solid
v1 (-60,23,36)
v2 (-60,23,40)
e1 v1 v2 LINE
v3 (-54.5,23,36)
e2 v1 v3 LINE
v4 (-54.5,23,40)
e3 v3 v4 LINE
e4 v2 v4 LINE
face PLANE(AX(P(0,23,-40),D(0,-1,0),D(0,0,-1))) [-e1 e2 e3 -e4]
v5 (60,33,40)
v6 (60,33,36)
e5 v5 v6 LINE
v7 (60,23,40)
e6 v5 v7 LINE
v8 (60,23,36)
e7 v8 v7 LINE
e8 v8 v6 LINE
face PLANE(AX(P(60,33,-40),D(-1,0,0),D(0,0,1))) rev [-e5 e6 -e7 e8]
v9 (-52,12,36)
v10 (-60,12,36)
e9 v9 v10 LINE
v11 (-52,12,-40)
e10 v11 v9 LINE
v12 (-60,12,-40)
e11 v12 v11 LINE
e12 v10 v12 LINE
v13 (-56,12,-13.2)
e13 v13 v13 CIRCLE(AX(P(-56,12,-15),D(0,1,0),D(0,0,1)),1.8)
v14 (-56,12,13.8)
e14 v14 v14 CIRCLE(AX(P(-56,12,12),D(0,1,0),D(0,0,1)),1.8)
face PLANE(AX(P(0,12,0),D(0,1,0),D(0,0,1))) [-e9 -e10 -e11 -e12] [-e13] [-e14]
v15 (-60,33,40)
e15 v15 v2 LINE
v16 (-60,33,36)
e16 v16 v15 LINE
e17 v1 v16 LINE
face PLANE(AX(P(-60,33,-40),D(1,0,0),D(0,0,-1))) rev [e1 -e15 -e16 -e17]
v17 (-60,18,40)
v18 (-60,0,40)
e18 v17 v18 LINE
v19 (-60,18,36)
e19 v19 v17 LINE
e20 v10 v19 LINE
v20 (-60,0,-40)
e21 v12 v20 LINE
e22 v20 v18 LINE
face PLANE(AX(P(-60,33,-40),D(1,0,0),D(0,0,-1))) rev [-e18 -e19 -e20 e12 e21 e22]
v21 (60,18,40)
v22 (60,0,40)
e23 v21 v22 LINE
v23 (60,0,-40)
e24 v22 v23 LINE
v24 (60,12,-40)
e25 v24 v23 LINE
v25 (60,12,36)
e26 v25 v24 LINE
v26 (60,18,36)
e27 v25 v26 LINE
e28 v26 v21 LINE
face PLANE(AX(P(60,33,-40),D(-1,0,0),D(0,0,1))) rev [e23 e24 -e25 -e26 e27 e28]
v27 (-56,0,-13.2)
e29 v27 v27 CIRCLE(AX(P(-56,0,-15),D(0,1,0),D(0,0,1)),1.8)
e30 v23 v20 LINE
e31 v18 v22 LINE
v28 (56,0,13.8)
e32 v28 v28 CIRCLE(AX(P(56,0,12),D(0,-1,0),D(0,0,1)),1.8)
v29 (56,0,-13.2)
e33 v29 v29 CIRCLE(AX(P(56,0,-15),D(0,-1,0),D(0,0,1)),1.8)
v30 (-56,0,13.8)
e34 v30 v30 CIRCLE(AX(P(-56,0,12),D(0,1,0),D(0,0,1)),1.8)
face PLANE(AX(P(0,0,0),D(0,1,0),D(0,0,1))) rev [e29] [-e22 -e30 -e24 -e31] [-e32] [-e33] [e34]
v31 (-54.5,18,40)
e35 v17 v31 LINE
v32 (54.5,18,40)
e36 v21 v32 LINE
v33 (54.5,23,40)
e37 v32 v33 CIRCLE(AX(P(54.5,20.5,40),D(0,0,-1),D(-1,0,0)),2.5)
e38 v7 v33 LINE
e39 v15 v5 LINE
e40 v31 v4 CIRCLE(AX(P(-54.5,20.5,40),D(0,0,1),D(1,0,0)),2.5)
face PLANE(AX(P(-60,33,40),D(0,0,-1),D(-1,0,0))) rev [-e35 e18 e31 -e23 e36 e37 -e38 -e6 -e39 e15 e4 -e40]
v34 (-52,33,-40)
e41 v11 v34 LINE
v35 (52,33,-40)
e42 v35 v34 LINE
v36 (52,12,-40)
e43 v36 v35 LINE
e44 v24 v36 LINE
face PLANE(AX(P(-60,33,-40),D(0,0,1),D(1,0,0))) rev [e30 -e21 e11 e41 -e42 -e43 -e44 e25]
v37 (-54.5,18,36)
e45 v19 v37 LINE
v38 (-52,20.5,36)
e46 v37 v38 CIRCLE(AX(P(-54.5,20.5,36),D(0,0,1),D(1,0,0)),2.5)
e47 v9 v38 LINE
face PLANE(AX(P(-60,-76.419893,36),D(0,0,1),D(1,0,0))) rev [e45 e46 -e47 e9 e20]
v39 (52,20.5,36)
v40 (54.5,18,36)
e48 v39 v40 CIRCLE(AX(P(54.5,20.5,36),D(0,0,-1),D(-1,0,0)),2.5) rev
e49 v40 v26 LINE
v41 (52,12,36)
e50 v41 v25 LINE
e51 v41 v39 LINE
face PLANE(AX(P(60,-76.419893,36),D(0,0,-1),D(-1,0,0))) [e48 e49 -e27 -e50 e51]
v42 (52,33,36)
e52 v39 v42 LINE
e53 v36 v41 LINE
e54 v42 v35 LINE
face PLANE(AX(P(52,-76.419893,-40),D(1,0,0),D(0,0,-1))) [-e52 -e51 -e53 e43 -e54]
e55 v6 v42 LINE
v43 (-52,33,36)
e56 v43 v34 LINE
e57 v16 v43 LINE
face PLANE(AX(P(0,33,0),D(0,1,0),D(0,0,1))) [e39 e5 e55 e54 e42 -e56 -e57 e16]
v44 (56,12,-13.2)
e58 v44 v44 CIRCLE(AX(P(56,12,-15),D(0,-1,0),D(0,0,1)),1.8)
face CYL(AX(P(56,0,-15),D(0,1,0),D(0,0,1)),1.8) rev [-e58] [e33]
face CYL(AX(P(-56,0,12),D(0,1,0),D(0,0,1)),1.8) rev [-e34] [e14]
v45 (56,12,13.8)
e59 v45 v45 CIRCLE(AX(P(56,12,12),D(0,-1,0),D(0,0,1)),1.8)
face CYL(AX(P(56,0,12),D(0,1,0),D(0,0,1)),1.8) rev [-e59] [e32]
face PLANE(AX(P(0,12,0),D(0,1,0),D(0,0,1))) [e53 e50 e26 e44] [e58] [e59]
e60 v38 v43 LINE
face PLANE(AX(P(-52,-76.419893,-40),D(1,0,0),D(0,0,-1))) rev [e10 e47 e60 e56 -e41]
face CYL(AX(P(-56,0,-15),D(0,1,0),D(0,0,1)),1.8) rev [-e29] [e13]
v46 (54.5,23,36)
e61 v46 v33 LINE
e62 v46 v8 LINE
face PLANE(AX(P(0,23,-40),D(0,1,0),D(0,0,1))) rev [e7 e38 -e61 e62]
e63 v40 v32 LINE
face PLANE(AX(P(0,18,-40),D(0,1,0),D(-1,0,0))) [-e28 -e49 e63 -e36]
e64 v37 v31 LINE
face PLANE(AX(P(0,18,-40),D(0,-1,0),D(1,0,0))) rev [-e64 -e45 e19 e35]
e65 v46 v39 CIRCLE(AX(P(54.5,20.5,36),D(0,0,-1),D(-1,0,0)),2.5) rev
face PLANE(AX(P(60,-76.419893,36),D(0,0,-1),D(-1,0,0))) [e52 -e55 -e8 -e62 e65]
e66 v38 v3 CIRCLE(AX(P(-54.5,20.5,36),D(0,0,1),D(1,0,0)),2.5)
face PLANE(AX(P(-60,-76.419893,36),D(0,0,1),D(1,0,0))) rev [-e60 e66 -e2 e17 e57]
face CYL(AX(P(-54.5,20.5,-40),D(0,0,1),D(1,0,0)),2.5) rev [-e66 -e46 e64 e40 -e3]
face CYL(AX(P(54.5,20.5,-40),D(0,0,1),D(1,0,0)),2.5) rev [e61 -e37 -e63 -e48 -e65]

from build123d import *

# Parameters (mm, degrees)
SKETCH1_W           = 120
SKETCH1_H           = 80
BOSS_EXTRUDE1_DEPTH = 33
SKETCH2_W           = 8
SKETCH2_H           = 76
CUT_EXTRUDE1_DEPTH  = 21
SKETCH3_R           = 1.8
CUT_EXTRUDE2_DEPTH  = 76.106590923
SKETCH4_R           = 2.5
CUT_EXTRUDE3_DEPTH  = 106.304320899


with BuildPart() as part:
    # Sketch1 → Boss-Extrude1 (new body)
    with BuildSketch(Plane(origin=(0, 0, 0), x_dir=(1, 0, 0), z_dir=(0, 1, 0))):
        Rectangle(SKETCH1_W, SKETCH1_H)
    extrude(amount=BOSS_EXTRUDE1_DEPTH)

    # Sketch2 → Cut-Extrude1 (cut)
    with BuildSketch(Plane(origin=(0, 33, 0), x_dir=(1, 0, 0), z_dir=(0, 1, 0))):
        with Locations((-56, 2)):
            Rectangle(SKETCH2_W, SKETCH2_H)
    cut_extrude1 = extrude(amount=-CUT_EXTRUDE1_DEPTH, mode=Mode.SUBTRACT)

    # Sketch3 → Cut-Extrude2 (cut, through all)
    with BuildSketch(Plane(origin=(0, 12, 0), x_dir=(1, 0, 0), z_dir=(0, 1, 0))):
        with Locations(Location((-56, 15, 0), (0, 0, 270))):
            Circle(SKETCH3_R)
        with Locations(Location((-56, -12, 0), (0, 0, 270))):
            Circle(SKETCH3_R)
    cut_extrude2 = extrude(amount=-CUT_EXTRUDE2_DEPTH, mode=Mode.SUBTRACT)

    # Sketch4 → Cut-Extrude3 (cut, through all)
    with BuildSketch(Plane.XY.offset(40)):
        with Locations((-54.5, 20.5)):
            Circle(SKETCH4_R)
        with BuildLine():
            Line((-54.5, 23), (-60, 23))
            Line((-60, 23), (-60, 18))
            Line((-60, 18), (-54.5, 18))
            ThreePointArc((-54.5, 18), (-57, 20.5), (-54.5, 23))
        make_face()
    cut_extrude3 = extrude(amount=-CUT_EXTRUDE3_DEPTH, mode=Mode.SUBTRACT)

    # Mirror1: Cut-Extrude1, Cut-Extrude2, Cut-Extrude3 across plane
    add(cut_extrude1.mirror(Plane(origin=(0, 0, 0), x_dir=(0, 0, 1), z_dir=(1, 0, 0))), mode=Mode.SUBTRACT)
    add(cut_extrude2.mirror(Plane(origin=(0, 0, 0), x_dir=(0, 0, 1), z_dir=(1, 0, 0))), mode=Mode.SUBTRACT)
    add(cut_extrude3.mirror(Plane(origin=(0, 0, 0), x_dir=(0, 0, 1), z_dir=(1, 0, 0))), mode=Mode.SUBTRACT)


solid = part.part
